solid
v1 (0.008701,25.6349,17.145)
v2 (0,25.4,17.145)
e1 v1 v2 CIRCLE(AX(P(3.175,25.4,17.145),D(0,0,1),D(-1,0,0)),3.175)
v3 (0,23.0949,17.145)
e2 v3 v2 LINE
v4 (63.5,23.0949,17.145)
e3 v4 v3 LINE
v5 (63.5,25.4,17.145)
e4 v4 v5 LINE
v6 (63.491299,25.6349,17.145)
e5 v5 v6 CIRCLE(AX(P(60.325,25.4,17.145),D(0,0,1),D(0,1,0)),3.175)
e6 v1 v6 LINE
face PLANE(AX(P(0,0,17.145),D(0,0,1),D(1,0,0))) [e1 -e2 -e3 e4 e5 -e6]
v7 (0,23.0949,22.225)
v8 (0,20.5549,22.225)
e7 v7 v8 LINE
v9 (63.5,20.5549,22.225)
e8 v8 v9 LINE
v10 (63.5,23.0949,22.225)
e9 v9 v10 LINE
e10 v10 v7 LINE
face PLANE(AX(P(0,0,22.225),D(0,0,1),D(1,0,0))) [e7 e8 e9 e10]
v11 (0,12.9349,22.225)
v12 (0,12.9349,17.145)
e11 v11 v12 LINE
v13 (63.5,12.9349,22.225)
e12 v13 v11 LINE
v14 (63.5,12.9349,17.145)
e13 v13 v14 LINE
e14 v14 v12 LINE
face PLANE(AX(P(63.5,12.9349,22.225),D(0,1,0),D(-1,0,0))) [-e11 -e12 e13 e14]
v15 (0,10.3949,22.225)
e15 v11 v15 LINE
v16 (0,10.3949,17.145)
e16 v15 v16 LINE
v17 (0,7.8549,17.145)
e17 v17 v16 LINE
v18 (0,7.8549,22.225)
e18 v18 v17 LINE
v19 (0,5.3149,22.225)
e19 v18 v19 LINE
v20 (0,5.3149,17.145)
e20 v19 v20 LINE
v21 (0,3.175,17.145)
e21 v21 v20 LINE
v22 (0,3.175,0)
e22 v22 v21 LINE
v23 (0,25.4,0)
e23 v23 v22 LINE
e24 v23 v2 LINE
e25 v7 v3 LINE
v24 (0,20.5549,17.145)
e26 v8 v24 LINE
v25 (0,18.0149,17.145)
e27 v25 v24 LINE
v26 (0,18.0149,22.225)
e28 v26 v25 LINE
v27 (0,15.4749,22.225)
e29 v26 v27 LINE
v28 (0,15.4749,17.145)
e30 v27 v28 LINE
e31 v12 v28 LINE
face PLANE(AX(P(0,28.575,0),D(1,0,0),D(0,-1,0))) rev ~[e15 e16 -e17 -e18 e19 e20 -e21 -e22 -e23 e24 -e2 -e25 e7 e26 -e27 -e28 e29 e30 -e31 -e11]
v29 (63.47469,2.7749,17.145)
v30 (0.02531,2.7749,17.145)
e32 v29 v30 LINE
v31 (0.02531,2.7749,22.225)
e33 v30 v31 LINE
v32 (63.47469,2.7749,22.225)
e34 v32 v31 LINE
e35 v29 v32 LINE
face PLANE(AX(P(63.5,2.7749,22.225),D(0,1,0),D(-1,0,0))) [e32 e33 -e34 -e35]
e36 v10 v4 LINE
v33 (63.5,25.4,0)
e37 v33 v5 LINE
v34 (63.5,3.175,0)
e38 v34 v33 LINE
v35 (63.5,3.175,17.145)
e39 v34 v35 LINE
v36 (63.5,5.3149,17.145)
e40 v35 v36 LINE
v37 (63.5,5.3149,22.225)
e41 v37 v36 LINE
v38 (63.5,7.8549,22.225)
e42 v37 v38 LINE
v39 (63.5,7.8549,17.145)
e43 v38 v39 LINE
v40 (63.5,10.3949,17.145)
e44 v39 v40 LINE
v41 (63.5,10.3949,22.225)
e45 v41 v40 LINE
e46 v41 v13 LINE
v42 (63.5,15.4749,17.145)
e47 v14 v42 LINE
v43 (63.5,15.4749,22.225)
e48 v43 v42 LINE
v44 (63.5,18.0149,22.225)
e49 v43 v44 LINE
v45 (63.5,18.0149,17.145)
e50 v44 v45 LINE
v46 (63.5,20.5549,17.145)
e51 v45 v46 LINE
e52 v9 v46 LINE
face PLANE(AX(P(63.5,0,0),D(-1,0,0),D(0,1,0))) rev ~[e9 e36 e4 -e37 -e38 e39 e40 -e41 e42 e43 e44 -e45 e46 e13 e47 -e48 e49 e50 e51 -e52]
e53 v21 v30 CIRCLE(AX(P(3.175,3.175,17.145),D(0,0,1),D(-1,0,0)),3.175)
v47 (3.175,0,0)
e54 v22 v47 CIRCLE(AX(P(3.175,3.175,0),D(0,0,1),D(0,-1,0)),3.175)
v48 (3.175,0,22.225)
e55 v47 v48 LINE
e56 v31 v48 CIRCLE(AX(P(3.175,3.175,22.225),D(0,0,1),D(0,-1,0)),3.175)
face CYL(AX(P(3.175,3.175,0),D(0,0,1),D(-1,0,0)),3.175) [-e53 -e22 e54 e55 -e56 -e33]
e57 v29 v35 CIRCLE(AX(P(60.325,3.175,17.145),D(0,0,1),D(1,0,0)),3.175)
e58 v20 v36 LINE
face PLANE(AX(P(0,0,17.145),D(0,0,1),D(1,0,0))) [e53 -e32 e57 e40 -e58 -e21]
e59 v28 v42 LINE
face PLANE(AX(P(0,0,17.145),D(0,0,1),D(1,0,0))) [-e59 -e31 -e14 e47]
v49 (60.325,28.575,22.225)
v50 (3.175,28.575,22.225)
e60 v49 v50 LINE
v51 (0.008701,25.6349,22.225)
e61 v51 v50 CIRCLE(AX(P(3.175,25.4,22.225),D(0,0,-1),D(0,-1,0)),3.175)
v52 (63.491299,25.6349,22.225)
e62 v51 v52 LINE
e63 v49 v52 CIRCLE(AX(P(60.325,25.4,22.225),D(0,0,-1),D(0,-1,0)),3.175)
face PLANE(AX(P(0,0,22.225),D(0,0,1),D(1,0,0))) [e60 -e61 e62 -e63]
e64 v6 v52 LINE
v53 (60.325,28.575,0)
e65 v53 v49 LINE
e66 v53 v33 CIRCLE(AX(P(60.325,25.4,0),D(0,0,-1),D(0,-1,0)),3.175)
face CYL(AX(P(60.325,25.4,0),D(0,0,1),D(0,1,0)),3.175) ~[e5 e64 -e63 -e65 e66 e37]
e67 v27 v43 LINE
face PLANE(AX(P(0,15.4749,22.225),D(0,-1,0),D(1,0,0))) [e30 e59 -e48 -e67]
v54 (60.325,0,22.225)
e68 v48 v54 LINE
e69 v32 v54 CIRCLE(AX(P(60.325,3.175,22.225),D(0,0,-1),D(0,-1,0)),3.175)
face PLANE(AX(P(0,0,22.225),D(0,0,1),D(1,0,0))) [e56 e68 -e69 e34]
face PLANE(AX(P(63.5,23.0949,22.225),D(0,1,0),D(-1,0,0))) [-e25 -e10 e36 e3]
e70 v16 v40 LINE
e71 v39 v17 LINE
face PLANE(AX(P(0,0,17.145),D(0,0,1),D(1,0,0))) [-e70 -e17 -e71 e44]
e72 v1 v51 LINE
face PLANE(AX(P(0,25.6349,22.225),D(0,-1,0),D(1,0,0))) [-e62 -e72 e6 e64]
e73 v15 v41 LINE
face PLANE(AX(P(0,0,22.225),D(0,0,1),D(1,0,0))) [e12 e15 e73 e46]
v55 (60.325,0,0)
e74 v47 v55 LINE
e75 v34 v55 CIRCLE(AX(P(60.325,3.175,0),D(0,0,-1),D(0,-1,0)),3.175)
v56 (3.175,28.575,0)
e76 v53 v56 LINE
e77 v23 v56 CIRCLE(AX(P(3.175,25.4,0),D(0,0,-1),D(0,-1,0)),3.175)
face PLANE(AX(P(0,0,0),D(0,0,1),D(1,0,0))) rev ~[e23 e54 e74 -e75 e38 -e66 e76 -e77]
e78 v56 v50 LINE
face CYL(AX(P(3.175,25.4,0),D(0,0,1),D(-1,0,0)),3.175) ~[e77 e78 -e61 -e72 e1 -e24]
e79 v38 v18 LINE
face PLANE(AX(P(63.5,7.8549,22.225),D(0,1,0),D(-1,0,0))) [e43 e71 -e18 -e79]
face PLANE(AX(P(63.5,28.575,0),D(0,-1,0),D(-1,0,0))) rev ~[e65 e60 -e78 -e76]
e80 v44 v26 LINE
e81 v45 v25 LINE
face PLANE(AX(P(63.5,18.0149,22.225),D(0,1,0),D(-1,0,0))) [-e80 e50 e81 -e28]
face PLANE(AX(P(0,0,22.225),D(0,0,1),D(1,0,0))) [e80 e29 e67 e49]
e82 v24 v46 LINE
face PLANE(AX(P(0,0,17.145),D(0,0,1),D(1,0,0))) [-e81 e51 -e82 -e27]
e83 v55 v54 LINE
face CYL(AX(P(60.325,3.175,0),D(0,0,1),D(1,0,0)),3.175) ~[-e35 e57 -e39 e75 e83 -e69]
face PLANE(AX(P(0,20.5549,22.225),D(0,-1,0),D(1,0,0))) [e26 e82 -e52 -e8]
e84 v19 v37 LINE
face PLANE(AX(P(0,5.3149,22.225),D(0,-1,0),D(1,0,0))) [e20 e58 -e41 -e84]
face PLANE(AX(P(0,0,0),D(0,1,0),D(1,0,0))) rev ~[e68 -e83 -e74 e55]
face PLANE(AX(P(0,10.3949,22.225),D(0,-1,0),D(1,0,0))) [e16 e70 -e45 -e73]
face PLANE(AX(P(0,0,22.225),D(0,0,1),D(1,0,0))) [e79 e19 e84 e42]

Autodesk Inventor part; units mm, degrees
ref_plane "YZ Plane" through (0, 0, 0) normal (1, 0, 0) x (0, 1, 0)
ref_plane "XZ Plane" through (0, 0, 0) normal (0, 1, 0) x (-1, 0, 0)
ref_plane "XY Plane" through (0, 0, 0) normal (0, 0, 1) x (1, 0, 0)
sketch "Sketch1" plane through (0, 0, 0) normal (0, 0, 1) x (1, 0, 0)
  line L0 (0, 0) -> (63.5, 0)
  line L1 (63.5, 0) -> (63.5, 28.575)
  line L2 (63.5, 28.575) -> (0, 28.575)
  line L3 (0, 28.575) -> (0, 0)
  dimension "d0" = 63.5
  dimension "d1" = 28.575
extrude "Extrusion1" add sketch "Sketch1" along normal blind 22.225
fillet "Fillet1" radius 3.175 4 edges at (63.5, 28.575, 11.1125) (63.5, 0, 11.1125) (0, 0, 11.1125) (0, 28.575, 11.1125)
sketch "Sketch2" plane through (0, 0, 22.225) normal (0, 0, 1) x (1, 0, 0)
  line L0 (63.5, 3.175) -> (63.5, 25.4) projected
  line L1 (0, 25.6349) -> (63.5, 25.6349)
  line L2 (63.5, 25.6349) -> (63.5, 23.0949)
  line L3 (63.5, 23.0949) -> (0, 23.0949)
  line L4 (0, 23.0949) -> (0, 25.6349)
  line L5 (0, 20.5549) -> (63.5, 20.5549)
  line L6 (63.5, 20.5549) -> (63.5, 18.0149)
  line L7 (63.5, 18.0149) -> (0, 18.0149)
  line L8 (0, 18.0149) -> (0, 20.5549)
  line L9 (0, 15.4749) -> (63.5, 15.4749)
  line L10 (63.5, 15.4749) -> (63.5, 12.9349)
  line L11 (63.5, 12.9349) -> (0, 12.9349)
  line L12 (0, 12.9349) -> (0, 15.4749)
  line L13 (0, 10.3949) -> (63.5, 10.3949)
  line L14 (63.5, 10.3949) -> (63.5, 7.8549)
  line L15 (63.5, 7.8549) -> (0, 7.8549)
  line L16 (0, 7.8549) -> (0, 10.3949)
  line L17 (0, 5.3149) -> (63.5, 5.3149)
  line L18 (63.5, 5.3149) -> (63.5, 2.7749)
  line L19 (63.5, 2.7749) -> (0, 2.7749)
  line L20 (0, 2.7749) -> (0, 5.3149)
  point P0 (0, 0)
  dimension "d5" = 2.54
  dimension "d8" = 5.08
extrude "Extrusion2" cut sketch "Sketch2" against normal blind 5.08
properties part number "Victor"
